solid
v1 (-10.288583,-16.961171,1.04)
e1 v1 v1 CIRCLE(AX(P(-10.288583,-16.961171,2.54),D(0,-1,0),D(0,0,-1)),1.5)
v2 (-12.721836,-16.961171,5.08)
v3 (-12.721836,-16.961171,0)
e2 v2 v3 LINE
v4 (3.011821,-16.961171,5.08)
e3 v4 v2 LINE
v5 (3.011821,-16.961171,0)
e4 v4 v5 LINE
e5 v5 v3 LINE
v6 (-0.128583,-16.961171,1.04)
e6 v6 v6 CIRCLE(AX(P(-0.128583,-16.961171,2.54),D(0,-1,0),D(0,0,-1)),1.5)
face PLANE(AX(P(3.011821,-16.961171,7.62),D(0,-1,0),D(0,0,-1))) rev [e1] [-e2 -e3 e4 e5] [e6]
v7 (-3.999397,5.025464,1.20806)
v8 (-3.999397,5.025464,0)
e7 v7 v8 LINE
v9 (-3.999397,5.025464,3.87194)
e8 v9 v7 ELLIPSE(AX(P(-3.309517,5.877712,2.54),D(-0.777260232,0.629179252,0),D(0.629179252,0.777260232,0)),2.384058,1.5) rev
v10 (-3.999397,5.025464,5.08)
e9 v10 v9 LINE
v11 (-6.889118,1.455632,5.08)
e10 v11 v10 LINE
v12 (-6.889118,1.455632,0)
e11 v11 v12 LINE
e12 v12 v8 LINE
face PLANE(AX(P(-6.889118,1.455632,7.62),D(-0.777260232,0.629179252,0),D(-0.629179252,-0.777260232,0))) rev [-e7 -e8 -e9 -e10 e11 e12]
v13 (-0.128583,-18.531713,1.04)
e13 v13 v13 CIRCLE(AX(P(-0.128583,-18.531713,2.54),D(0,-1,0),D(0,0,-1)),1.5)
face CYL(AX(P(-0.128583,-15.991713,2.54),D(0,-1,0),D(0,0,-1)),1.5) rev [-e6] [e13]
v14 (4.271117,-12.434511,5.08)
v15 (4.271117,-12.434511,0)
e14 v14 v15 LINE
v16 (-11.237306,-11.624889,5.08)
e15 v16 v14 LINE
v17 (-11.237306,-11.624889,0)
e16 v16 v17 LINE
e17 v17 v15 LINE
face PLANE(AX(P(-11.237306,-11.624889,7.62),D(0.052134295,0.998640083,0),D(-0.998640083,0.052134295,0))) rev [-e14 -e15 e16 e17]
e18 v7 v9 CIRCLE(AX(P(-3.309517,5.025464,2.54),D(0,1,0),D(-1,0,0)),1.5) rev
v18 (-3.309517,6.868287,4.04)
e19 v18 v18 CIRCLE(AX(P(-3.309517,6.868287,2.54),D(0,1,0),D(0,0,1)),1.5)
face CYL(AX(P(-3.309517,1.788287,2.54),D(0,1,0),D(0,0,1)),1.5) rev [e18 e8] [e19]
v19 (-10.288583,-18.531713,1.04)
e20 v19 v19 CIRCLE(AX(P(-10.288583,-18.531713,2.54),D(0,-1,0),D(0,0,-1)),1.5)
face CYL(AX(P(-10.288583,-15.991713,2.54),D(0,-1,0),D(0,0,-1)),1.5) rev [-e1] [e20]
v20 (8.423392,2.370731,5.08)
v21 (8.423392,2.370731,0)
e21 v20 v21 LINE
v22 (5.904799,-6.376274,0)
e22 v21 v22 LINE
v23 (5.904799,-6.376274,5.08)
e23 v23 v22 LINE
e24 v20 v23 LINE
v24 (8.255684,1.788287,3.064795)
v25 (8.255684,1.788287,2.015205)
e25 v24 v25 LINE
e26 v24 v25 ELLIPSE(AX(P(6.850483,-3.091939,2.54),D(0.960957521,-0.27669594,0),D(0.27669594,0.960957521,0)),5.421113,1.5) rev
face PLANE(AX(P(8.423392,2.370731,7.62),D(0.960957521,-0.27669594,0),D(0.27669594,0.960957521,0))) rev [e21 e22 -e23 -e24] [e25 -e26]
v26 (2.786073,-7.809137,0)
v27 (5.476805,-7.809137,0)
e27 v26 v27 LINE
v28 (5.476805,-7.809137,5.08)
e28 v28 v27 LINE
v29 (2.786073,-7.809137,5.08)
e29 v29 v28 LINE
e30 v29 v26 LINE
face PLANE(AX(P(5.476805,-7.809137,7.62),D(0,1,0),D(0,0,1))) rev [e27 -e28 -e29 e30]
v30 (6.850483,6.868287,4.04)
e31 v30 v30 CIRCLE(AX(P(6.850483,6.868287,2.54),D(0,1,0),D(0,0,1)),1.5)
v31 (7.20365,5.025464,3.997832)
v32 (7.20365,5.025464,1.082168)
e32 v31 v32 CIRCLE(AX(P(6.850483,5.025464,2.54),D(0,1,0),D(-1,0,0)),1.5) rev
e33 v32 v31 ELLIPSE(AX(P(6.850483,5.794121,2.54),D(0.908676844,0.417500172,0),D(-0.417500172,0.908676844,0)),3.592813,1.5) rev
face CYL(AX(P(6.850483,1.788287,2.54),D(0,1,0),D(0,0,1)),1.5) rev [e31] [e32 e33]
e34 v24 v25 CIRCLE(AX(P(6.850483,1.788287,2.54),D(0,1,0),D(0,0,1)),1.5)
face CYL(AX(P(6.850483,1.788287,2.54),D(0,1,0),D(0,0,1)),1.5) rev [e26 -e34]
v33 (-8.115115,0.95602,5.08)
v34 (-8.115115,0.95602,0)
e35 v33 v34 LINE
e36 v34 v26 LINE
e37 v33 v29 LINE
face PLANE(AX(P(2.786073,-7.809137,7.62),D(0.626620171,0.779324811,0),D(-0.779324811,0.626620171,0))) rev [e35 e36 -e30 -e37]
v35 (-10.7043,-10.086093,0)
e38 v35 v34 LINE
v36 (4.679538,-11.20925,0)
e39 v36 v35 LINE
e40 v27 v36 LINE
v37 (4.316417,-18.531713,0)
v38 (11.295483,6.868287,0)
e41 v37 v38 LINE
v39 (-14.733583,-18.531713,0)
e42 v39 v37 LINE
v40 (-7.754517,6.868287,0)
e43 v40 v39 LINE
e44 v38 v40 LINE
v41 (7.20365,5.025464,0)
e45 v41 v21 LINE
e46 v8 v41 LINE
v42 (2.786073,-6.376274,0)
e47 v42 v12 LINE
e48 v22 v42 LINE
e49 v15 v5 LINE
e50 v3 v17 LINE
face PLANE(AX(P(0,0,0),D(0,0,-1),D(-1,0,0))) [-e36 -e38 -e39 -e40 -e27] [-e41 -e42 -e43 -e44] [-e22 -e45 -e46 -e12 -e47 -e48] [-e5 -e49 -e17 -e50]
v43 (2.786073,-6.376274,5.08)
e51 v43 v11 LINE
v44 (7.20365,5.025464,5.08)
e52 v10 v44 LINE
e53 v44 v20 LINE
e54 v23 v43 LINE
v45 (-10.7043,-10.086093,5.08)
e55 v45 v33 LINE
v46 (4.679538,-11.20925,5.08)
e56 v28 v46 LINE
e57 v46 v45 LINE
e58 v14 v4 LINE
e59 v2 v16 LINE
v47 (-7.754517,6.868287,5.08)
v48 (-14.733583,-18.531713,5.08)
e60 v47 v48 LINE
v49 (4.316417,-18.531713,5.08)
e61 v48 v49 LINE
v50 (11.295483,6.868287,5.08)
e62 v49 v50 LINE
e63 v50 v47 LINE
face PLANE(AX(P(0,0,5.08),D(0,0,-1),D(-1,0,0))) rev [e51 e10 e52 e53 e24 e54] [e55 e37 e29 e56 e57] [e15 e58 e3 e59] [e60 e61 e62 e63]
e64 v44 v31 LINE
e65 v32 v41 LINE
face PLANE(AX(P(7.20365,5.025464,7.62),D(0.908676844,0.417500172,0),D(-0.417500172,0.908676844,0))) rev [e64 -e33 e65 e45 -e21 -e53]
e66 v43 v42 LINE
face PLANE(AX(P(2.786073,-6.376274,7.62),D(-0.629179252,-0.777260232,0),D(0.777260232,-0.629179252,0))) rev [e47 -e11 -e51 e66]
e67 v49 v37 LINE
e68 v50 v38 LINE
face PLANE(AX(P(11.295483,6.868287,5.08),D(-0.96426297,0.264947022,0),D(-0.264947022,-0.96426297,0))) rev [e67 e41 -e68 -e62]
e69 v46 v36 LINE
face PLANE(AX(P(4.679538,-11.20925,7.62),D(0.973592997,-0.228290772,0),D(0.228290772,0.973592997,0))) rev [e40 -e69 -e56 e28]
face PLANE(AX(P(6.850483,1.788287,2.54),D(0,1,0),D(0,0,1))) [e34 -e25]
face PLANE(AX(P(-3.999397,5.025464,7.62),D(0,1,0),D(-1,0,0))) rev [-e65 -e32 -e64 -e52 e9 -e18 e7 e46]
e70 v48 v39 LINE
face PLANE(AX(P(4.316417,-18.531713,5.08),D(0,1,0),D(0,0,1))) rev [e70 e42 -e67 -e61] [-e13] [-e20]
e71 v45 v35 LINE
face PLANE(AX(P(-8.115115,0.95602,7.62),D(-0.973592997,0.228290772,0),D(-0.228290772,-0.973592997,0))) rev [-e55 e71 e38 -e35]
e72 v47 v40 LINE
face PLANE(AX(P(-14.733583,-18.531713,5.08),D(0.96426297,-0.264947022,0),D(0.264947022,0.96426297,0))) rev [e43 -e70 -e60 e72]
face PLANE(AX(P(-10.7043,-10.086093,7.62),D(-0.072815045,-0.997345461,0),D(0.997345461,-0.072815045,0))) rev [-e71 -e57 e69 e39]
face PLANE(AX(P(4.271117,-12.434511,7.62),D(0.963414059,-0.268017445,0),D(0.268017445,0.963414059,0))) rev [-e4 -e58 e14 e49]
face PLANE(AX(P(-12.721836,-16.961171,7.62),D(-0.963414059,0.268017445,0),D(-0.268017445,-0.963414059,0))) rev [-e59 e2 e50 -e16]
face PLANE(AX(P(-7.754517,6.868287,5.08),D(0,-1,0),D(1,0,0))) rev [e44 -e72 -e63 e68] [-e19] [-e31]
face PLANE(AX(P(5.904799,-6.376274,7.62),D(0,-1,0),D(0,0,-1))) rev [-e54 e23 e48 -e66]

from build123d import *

# Parameters (mm, degrees)
BOSS_EXTRUDE1_DEPTH = 5.08
SKETCH3_R           = 1.5
CUT_EXTRUDE1_DEPTH  = 5.08
CUT_EXTRUDE2_DEPTH  = 7.62
SKETCH5_R           = 1.5
CUT_EXTRUDE3_DEPTH  = 2.54


with BuildPart() as part:
    # Sketch2 → Boss-Extrude1 (new body)
    with BuildSketch(Plane.XY):
        Polygon((-7.754517134, 6.868286604), (11.295482866, 6.868286604), (4.316417445, -18.531713396), (-14.733582555, -18.531713396), align=None)
    extrude(amount=BOSS_EXTRUDE1_DEPTH)

    # Sketch3 → Cut-Extrude1 (cut)
    with BuildSketch(Plane(origin=(0, 6.868286604, 0), x_dir=(1, 0, 0), z_dir=(0, 1, 0))):
        with Locations(Location((6.850482866, -2.54, 0), (0, 0, 270))):
            Circle(SKETCH3_R)
        with Locations(Location((-3.309517134, -2.54, 0), (0, 0, 270))):
            Circle(SKETCH3_R)
    extrude(amount=-CUT_EXTRUDE1_DEPTH, mode=Mode.SUBTRACT)

    # Sketch4 → Cut-Extrude2 (cut)
    with BuildSketch(Plane(origin=(0, 0, 0), x_dir=(-1, 0, 0), z_dir=(0, 0, -1))):
        Polygon((-7.203649611, 5.025464096), (-8.423391825, 2.370731042), (-5.904798927, -6.376274022), (-2.786072566, -6.376274022), (6.889117517, 1.455631702), (3.999397468, 5.025464096), align=None)
        Polygon((8.115115025, 0.956019878), (10.704300182, -10.086093291), (-4.679537518, -11.209249583), (-5.476805356, -7.809136742), (-2.786072566, -7.809136742), align=None)
        Polygon((-4.271117048, -12.434510993), (-3.011820599, -16.961171201), (12.721835887, -16.961171201), (11.237306322, -11.624889252), align=None)
    extrude(amount=-CUT_EXTRUDE2_DEPTH, mode=Mode.SUBTRACT)

    # Sketch5 → Cut-Extrude3 (cut)
    with BuildSketch(Plane.XZ.offset(18.531713396)):
        with Locations(Location((-0.128582555, 2.54, 0), (0, 0, 270))):
            Circle(SKETCH5_R)
        with Locations(Location((-10.288582555, 2.54, 0), (0, 0, 270))):
            Circle(SKETCH5_R)
    extrude(amount=-CUT_EXTRUDE3_DEPTH, mode=Mode.SUBTRACT)


solid = part.part
